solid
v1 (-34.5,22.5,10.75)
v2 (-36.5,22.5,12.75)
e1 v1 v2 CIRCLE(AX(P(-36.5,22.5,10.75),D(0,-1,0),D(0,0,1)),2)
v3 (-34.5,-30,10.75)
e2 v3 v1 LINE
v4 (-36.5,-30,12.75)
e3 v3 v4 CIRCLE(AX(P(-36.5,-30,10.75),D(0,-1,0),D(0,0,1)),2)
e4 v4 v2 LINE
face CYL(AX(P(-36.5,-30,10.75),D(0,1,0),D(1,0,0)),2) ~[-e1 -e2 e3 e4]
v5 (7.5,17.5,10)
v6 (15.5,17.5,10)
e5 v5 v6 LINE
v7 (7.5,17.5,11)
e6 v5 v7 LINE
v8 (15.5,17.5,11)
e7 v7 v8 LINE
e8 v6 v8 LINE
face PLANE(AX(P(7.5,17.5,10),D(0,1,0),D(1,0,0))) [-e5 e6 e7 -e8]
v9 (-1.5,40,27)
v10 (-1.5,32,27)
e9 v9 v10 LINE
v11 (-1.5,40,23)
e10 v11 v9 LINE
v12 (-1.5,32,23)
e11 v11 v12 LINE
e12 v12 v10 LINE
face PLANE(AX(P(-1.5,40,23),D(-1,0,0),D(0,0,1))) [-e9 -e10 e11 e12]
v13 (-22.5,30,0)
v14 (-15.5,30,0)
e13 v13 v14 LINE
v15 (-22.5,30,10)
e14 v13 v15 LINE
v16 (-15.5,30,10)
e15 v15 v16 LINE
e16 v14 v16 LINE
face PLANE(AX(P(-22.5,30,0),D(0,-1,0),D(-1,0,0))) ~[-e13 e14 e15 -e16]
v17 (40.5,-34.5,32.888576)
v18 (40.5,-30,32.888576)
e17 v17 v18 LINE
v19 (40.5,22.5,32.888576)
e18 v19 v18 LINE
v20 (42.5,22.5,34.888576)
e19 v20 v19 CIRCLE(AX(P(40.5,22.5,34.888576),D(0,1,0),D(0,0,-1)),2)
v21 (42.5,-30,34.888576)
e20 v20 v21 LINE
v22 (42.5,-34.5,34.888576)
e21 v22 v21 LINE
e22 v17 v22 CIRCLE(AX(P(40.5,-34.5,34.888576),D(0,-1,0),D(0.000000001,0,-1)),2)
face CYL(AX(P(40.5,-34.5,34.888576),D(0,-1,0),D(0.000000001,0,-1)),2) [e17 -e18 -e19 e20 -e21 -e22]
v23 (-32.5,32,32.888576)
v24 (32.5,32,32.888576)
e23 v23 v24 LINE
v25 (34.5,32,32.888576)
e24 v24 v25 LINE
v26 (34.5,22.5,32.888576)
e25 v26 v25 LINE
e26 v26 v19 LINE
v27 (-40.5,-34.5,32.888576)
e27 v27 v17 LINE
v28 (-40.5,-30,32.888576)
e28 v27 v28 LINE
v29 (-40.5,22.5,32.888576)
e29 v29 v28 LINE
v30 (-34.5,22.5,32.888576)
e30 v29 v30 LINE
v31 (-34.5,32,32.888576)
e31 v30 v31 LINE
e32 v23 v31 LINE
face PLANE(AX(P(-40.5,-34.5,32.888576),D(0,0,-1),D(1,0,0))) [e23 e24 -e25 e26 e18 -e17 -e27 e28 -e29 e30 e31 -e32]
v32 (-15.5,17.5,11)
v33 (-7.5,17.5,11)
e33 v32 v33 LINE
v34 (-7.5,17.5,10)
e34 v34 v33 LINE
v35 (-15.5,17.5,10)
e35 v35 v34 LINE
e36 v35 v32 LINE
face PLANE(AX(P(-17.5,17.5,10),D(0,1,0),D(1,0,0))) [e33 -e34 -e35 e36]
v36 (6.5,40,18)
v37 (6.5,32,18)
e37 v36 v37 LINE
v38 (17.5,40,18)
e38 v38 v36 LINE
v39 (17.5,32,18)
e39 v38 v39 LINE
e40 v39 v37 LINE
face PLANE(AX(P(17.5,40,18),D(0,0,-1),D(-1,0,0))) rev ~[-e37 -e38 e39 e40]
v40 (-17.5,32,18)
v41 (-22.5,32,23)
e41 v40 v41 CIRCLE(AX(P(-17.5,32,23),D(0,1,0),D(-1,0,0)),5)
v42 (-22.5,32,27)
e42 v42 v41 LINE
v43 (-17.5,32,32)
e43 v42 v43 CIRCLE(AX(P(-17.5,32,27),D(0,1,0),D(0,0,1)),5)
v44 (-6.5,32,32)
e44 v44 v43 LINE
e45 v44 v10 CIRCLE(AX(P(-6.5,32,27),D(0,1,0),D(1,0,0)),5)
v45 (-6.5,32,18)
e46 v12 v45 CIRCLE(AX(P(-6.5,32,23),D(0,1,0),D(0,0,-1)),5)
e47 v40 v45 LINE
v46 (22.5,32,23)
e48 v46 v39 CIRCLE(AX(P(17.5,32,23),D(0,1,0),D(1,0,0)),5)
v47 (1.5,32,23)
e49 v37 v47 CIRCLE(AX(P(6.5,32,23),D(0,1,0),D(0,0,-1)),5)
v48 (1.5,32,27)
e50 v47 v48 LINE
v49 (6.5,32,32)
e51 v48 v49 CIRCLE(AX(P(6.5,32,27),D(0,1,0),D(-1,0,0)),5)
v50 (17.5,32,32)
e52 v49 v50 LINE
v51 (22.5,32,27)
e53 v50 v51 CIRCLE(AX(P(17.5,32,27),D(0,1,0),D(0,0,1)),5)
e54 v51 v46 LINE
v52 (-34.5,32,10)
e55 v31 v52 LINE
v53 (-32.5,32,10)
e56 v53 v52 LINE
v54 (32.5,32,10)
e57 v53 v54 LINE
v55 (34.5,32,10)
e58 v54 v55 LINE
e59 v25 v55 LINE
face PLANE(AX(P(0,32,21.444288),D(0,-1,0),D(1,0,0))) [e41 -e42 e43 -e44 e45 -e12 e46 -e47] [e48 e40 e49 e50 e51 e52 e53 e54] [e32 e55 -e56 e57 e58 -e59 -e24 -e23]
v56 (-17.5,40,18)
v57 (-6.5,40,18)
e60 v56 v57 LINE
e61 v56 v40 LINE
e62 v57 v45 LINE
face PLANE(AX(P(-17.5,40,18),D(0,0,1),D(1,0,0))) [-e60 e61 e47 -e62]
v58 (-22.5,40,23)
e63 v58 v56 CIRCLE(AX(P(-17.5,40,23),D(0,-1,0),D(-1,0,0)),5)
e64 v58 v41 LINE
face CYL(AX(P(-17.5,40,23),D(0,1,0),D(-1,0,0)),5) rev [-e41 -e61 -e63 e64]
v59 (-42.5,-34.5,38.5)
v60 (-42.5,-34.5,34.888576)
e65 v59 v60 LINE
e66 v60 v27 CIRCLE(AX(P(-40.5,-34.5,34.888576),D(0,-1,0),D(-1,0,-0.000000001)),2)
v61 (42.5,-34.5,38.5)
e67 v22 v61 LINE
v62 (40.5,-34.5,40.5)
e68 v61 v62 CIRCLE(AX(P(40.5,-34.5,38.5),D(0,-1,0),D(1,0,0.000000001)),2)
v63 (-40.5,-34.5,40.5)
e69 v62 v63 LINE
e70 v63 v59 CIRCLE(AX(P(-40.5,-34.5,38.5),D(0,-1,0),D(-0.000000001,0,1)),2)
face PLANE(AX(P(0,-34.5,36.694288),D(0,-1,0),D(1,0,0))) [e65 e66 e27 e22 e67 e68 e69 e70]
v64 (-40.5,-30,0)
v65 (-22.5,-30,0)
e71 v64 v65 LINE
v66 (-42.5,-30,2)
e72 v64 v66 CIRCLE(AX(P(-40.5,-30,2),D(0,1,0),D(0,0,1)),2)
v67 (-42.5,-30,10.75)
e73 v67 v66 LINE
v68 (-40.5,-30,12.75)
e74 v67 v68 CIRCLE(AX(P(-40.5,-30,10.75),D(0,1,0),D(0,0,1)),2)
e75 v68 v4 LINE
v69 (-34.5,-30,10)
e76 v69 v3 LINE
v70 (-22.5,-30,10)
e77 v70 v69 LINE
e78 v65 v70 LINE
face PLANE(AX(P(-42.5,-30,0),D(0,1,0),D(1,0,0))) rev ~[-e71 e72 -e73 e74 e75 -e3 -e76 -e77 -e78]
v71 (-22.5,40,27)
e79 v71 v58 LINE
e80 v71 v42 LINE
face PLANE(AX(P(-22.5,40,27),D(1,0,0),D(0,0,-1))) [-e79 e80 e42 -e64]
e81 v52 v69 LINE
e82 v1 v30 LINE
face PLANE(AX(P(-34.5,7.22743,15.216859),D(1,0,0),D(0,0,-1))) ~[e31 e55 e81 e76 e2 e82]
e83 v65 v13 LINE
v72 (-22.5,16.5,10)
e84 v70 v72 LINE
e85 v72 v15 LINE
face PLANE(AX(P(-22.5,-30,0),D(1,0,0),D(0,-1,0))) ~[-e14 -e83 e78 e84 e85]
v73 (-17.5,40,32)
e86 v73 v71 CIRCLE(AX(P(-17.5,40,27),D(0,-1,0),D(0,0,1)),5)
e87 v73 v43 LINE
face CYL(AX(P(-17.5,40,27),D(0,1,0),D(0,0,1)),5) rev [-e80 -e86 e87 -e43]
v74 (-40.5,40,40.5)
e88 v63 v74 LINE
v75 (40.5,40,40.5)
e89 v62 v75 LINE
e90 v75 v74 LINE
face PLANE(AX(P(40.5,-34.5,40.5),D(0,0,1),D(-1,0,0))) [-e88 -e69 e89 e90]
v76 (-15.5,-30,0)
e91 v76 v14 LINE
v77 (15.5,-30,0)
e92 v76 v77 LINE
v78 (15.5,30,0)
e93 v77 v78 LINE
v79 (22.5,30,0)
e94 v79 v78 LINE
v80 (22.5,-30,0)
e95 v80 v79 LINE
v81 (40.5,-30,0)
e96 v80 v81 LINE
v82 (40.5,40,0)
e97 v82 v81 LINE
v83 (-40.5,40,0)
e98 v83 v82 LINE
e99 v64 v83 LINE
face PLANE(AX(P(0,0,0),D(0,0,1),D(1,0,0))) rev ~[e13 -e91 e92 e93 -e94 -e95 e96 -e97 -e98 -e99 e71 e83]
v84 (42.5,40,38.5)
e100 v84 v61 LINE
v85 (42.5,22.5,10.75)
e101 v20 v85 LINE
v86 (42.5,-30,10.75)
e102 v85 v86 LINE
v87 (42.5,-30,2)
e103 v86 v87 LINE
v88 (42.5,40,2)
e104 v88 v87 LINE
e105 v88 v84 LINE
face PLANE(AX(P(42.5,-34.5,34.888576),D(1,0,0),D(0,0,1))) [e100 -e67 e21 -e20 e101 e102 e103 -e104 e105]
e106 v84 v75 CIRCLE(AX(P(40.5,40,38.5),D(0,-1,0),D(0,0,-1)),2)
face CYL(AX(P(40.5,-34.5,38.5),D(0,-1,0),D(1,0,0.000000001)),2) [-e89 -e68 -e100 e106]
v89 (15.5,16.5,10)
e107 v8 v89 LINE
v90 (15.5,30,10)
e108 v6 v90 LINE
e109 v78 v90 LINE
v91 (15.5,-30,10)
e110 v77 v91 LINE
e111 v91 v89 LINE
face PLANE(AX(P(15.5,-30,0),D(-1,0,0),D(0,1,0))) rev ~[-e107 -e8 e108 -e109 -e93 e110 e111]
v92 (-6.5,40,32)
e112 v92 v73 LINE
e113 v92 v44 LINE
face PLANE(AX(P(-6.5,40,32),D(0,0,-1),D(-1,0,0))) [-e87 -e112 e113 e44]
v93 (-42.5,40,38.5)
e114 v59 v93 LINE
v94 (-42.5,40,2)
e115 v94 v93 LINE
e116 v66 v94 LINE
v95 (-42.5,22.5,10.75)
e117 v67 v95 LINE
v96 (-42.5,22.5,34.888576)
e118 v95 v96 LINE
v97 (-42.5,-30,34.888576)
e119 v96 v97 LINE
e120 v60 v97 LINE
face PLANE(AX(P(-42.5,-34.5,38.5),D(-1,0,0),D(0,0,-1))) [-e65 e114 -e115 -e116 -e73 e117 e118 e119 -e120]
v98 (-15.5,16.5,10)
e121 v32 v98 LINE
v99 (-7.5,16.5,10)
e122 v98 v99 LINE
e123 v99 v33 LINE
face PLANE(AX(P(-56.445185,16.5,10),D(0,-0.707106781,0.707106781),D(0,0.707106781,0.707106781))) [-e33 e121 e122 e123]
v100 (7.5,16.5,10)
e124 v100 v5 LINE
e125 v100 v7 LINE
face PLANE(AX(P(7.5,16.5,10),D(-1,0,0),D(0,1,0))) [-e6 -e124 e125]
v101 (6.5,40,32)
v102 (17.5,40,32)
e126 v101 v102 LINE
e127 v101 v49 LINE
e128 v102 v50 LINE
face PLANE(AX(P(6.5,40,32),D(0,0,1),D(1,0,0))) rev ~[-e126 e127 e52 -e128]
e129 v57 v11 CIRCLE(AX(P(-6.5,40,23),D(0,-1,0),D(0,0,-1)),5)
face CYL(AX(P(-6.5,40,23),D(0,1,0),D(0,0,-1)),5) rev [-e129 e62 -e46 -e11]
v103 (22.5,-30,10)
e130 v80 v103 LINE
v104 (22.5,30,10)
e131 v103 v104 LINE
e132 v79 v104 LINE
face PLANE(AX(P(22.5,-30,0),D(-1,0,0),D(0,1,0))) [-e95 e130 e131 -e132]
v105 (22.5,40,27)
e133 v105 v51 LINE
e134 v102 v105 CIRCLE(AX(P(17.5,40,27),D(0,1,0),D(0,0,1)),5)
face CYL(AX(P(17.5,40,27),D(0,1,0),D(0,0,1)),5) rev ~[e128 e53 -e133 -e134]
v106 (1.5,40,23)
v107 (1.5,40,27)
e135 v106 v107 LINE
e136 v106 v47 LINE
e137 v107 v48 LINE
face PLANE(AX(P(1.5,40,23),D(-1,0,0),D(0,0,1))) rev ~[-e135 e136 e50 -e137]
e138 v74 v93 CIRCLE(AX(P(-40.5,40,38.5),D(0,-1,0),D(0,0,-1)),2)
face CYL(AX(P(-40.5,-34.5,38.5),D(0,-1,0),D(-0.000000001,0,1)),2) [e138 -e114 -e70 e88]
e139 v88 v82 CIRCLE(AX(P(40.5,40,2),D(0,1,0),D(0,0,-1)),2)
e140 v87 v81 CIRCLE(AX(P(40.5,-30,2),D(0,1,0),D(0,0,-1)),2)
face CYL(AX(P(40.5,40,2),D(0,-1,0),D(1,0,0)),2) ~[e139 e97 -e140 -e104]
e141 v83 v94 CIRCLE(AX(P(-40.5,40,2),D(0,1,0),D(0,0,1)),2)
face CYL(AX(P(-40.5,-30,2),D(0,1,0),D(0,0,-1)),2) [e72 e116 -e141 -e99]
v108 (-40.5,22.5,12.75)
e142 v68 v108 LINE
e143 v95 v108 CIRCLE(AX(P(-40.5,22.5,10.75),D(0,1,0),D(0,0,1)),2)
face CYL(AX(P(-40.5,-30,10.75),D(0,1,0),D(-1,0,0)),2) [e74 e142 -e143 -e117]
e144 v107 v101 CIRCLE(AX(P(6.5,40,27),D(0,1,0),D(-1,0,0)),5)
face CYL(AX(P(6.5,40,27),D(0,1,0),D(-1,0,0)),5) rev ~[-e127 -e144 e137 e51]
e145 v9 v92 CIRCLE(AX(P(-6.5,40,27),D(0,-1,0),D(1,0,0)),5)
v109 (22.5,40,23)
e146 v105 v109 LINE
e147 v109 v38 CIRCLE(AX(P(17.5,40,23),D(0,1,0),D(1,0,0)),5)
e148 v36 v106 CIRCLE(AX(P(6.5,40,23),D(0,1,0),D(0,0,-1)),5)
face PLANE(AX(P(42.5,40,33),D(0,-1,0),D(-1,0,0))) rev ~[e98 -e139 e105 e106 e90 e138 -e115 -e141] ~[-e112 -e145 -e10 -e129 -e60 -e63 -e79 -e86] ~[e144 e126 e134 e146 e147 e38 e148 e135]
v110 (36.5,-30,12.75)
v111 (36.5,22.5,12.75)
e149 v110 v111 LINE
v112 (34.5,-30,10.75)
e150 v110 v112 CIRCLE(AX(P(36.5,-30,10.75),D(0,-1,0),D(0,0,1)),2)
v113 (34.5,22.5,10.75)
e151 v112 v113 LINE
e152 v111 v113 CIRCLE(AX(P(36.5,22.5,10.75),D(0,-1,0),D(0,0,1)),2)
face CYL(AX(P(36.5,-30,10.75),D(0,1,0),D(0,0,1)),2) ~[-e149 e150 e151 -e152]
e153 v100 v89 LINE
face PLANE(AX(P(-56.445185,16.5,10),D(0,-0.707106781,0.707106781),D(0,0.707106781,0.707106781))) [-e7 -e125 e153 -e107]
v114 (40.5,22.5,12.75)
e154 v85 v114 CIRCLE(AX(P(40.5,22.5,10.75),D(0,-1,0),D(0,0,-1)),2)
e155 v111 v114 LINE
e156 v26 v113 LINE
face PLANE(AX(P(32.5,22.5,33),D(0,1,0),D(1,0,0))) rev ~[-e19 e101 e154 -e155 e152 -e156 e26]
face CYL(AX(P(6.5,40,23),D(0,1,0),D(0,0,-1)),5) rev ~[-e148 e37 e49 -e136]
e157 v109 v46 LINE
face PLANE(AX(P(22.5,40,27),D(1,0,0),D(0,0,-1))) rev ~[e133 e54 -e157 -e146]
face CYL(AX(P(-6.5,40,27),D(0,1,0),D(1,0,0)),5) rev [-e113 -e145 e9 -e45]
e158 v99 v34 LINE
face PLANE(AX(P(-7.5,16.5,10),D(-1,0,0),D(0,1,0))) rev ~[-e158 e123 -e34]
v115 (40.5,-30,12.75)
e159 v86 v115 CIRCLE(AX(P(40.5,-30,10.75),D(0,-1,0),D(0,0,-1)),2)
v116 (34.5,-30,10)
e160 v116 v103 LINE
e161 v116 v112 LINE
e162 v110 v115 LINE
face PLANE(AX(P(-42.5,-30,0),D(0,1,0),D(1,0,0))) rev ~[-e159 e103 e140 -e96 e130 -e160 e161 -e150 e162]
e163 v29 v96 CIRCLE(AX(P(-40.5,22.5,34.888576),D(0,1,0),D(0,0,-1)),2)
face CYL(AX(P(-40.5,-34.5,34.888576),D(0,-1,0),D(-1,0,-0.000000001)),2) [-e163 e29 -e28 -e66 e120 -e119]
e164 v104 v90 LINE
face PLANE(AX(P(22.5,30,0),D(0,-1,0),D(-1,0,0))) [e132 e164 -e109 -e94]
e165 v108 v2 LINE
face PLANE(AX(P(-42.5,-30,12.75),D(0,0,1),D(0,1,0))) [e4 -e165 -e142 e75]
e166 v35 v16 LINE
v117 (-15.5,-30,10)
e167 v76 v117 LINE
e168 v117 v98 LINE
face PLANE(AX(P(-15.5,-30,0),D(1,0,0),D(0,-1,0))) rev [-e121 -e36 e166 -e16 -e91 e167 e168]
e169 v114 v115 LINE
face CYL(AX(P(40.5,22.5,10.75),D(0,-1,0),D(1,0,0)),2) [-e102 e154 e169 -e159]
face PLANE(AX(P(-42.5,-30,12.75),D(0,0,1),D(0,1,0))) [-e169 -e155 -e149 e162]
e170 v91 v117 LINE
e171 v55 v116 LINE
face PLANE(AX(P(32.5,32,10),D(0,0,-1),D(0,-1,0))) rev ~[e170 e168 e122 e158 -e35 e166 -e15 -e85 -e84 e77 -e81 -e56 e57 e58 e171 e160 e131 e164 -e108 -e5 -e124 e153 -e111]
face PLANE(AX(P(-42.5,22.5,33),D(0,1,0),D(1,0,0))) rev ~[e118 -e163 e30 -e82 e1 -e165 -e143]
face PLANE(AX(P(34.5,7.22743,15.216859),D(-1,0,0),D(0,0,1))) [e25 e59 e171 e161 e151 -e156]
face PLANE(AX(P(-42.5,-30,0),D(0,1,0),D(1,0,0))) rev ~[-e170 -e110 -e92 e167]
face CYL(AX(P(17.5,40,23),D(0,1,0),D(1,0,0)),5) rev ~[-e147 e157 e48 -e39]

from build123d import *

# Parameters (mm, degrees)
SKETCH1_W               = 65
SKETCH1_H               = 60
BOSS_EXTRUDE1_DEPTH     = 10
SKETCH6_W               = 10
SKETCH6_H               = 1
BOSS_EXTRUDE6_DEPTH     = 1
CUT_EXTRUDE2_DEPTH      = 1
CUT_EXTRUDE2_DEPTH_BACK = 73.945184899
BOSS_EXTRUDE2_DEPTH     = 33
SKETCH2_W               = 20.25
SKETCH2_H               = 52.5
CUT_EXTRUDE1_DEPTH      = 100.569071503
BOSS_EXTRUDE3_DEPTH     = 7.5
SKETCH5_W               = 85
SKETCH5_H               = 7.611423687
BOSS_EXTRUDE5_DEPTH     = 70
SKETCH8_W               = 65
SKETCH8_H               = 22.888576313
CUT_EXTRUDE3_DEPTH      = 2
CUT_EXTRUDE4_DEPTH      = 2
SKETCH11_W              = 7
SKETCH11_H              = 60
CUT_EXTRUDE5_DEPTH      = 12.75
CUT_EXTRUDE6_REACH      = 93.359
SKETCH10_W              = 15
SKETCH10_H              = 8
FILLET1_R               = 2
BOSS_EXTRUDE7_START     = 4.5
BOSS_EXTRUDE7_DEPTH     = 4.5
CUT_EXTRUDE8_REACH      = 96.851


with BuildPart() as part:
    # Sketch1 → Boss-Extrude1 (new body)
    with BuildSketch(Plane.XY):
        Rectangle(SKETCH1_W, SKETCH1_H)
        Polygon((32.5, -30), (32.5, 30), (-32.5, 30), (-32.5, -30), (-42.5, -30), (-42.5, 40), (42.5, 40), (42.5, -30), align=None)
    extrude(amount=BOSS_EXTRUDE1_DEPTH)

    # Sketch6 → Boss-Extrude6 (add)
    with BuildSketch(Plane.XY.offset(10)):
        with Locations((12.5, 17)):
            Rectangle(SKETCH6_W, SKETCH6_H)
        with Locations((-12.5, 17)):
            Rectangle(SKETCH6_W, SKETCH6_H)
    extrude(amount=BOSS_EXTRUDE6_DEPTH)

    # Sketch7 → Cut-Extrude2 (cut, two sides: drawn at the far end of the back side and taken through both)
    with BuildSketch(Plane(origin=(17.5, 0, 0), x_dir=(0, 0, -1), z_dir=(1, 0, 0)).offset(-CUT_EXTRUDE2_DEPTH_BACK)):
        Polygon((-10, 16.5), (-11, 17.5), (-11, 16.5), align=None)
    extrude(amount=CUT_EXTRUDE2_DEPTH + CUT_EXTRUDE2_DEPTH_BACK, mode=Mode.SUBTRACT)

    # Sketch1<3> → Boss-Extrude2 (add)
    with BuildSketch(Plane.XY):
        Polygon((32.5, -30), (32.5, 30), (-32.5, 30), (-32.5, -30), (-42.5, -30), (-42.5, 40), (42.5, 40), (42.5, -30), align=None)
    extrude(amount=BOSS_EXTRUDE2_DEPTH)

    # Sketch2 → Cut-Extrude1 (cut, through all)
    with BuildSketch(Plane.ZY.offset(42.5)):
        with Locations((22.875, -3.75)):
            Rectangle(SKETCH2_W, SKETCH2_H)
    extrude(amount=-CUT_EXTRUDE1_DEPTH, mode=Mode.SUBTRACT)

    # Sketch3 → Boss-Extrude3 (add)
    with BuildSketch(Plane.XY.offset(33)):
        Polygon((32.5, 22.5), (42.5, 22.5), (42.5, 40), (-42.5, 40), (-42.5, 22.5), (-32.5, 22.5), (-32.5, 30), (32.5, 30), align=None)
    extrude(amount=BOSS_EXTRUDE3_DEPTH)

    # Sketch5 → Boss-Extrude5 (add)
    with BuildSketch(Plane(origin=(0, 40, 0), x_dir=(1, 0, 0), z_dir=(0, 1, 0))):
        with Locations((0, -36.694288157)):
            Rectangle(SKETCH5_W, SKETCH5_H)
    extrude(amount=-BOSS_EXTRUDE5_DEPTH)

    # Sketch8 → Cut-Extrude3 (cut)
    with BuildSketch(Plane.XZ.offset(-30)):
        with Locations((0, 21.444288157)):
            Rectangle(SKETCH8_W, SKETCH8_H)
    extrude(amount=-CUT_EXTRUDE3_DEPTH, mode=Mode.SUBTRACT)

    # Sketch9 → Cut-Extrude4 (cut)
    with BuildSketch(Plane.ZY.offset(-32.5)):
        Polygon((32.888576313, 22.5), (32.888576313, 32), (10, 32), (10, -30), (12.75, -30), (12.75, 22.5), align=None)
    cut_extrude4 = extrude(amount=-CUT_EXTRUDE4_DEPTH, mode=Mode.SUBTRACT)

    # Mirror1: Cut-Extrude4 across plane
    add(cut_extrude4.mirror(Plane(origin=(0, 0, 0), x_dir=(0, 0, 1), z_dir=(1, 0, 0))), mode=Mode.SUBTRACT)

    # Sketch11 → Cut-Extrude5 (cut)
    with BuildSketch(Plane(origin=(0, 0, 0), x_dir=(-1, 0, 0), z_dir=(0, 0, -1))):
        with Locations((-19, 0)):
            Rectangle(SKETCH11_W, SKETCH11_H)
    cut_extrude5 = extrude(amount=-CUT_EXTRUDE5_DEPTH, mode=Mode.SUBTRACT)

    # Mirror2: Cut-Extrude5 across plane
    add(cut_extrude5.mirror(Plane(origin=(0, 0, 0), x_dir=(0, 0, 1), z_dir=(1, 0, 0))), mode=Mode.SUBTRACT)

    # Sketch10 → Cut-Extrude6 (cut, up to next)
    with BuildSketch(Plane(origin=(0, 40, 0), x_dir=(1, 0, 0), z_dir=(0, 1, 0)), mode=Mode.PRIVATE) as cut_extrude6_sk1:
        with Locations((12, -25)):
            Rectangle(SKETCH10_W, SKETCH10_H)
    cut_extrude6_tool1 = extrude(cut_extrude6_sk1.sketch, amount=-CUT_EXTRUDE6_REACH, mode=Mode.PRIVATE) & part.part
    cut_extrude6 = cut_extrude6_tool1.solids().sort_by_distance((12, 40, 25))[0]
    add(cut_extrude6, mode=Mode.SUBTRACT)

    # Mirror4: Cut-Extrude6 across plane
    add(cut_extrude6.mirror(Plane(origin=(0, 0, 0), x_dir=(0, 0, 1), z_dir=(1, 0, 0))), mode=Mode.SUBTRACT)

    # Fillet1
    fillet1_edges = [part.edges().sort_by_distance(p)[0] for p in [
        (42.5, -3.75, 12.75),
        (-42.5, -3.75, 12.75),
        (42.5, 5, 40.5),
        (-42.5, 5, 40.5),
        (-42.5, -3.75, 32.888576313),
        (42.5, -3.75, 32.888576313),
        (34.5, -3.75, 12.75),
        (-34.5, -3.75, 12.75),
        (4.5, 36, 29),
        (4.5, 36, 21),
        (19.5, 36, 21),
        (19.5, 36, 29),
        (-4.5, 36, 21),
        (-4.5, 36, 29),
        (-19.5, 36, 29),
        (-19.5, 36, 21),
        (-42.5, 5, 0),
        (42.5, 5, 0),
    ]]
    fillet(fillet1_edges, radius=FILLET1_R)

    # Sketch12 → Boss-Extrude7 (add)
    with BuildSketch(Plane.XZ.offset(30).offset(BOSS_EXTRUDE7_START)):
        with BuildLine():
            Line((-42.5, 38.5), (-42.5, 34.888576313))
            ThreePointArc((-42.5, 34.888576313), (-41.914213562, 33.474362751), (-40.5, 32.888576313))
            Line((-40.5, 32.888576313), (40.5, 32.888576313))
            ThreePointArc((40.5, 32.888576313), (41.914213562, 33.474362751), (42.5, 34.888576313))
            Line((42.5, 34.888576313), (42.5, 38.5))
            ThreePointArc((42.5, 38.5), (41.914213562, 39.914213562), (40.5, 40.5))
            Line((40.5, 40.5), (-40.5, 40.5))
            ThreePointArc((-40.5, 40.5), (-41.914213562, 39.914213562), (-42.5, 38.5))
        make_face()
    extrude(amount=-BOSS_EXTRUDE7_DEPTH)

    # Sketch14 → Cut-Extrude8 (cut, up to next)
    with BuildSketch(Plane(origin=(0, 40, 0), x_dir=(1, 0, 0), z_dir=(0, 1, 0)), mode=Mode.PRIVATE) as cut_extrude8_sk1:
        with BuildLine():
            Line((17.5, -18), (6.5, -18))
            ThreePointArc((6.5, -18), (2.964466094, -19.464466094), (1.5, -23))
            Line((1.5, -23), (1.5, -27))
            ThreePointArc((1.5, -27), (2.964466094, -30.535533906), (6.5, -32))
            Line((6.5, -32), (17.5, -32))
            ThreePointArc((17.5, -32), (21.035533906, -30.535533906), (22.5, -27))
            Line((22.5, -27), (22.5, -23))
            ThreePointArc((22.5, -23), (21.035533906, -19.464466094), (17.5, -18))
        make_face()
        with BuildLine():
            Line((19.5, -27), (19.5, -23))
            ThreePointArc((19.5, -23), (18.914213562, -21.585786438), (17.5, -21))
            Line((17.5, -21), (6.5, -21))
            ThreePointArc((6.5, -21), (5.085786438, -21.585786438), (4.5, -23))
            Line((4.5, -23), (4.5, -27))
            ThreePointArc((4.5, -27), (5.085786438, -28.414213562), (6.5, -29))
            Line((6.5, -29), (17.5, -29))
            ThreePointArc((17.5, -29), (18.914213562, -28.414213562), (19.5, -27))
        make_face(mode=Mode.SUBTRACT)
    cut_extrude8_tool1 = extrude(cut_extrude8_sk1.sketch, amount=-CUT_EXTRUDE8_REACH, mode=Mode.PRIVATE) & part.part
    # Sketch14 → Cut-Extrude8 (cut, up to next)
    with BuildSketch(Plane(origin=(0, 40, 0), x_dir=(1, 0, 0), z_dir=(0, 1, 0)), mode=Mode.PRIVATE) as cut_extrude8_sk2:
        with BuildLine():
            Line((-1.5, -23), (-1.5, -27))
            ThreePointArc((-1.5, -27), (-2.964466094, -30.535533906), (-6.5, -32))
            Line((-6.5, -32), (-17.5, -32))
            ThreePointArc((-17.5, -32), (-21.035533906, -30.535533906), (-22.5, -27))
            Line((-22.5, -27), (-22.5, -23))
            ThreePointArc((-22.5, -23), (-21.035533906, -19.464466094), (-17.5, -18))
            Line((-17.5, -18), (-6.5, -18))
            ThreePointArc((-6.5, -18), (-2.964466094, -19.464466094), (-1.5, -23))
        make_face()
        with BuildLine():
            Line((-6.5, -29), (-17.5, -29))
            ThreePointArc((-17.5, -29), (-18.914213562, -28.414213562), (-19.5, -27))
            Line((-19.5, -27), (-19.5, -23))
            ThreePointArc((-19.5, -23), (-18.914213562, -21.585786438), (-17.5, -21))
            Line((-17.5, -21), (-6.5, -21))
            ThreePointArc((-6.5, -21), (-5.085786438, -21.585786438), (-4.5, -23))
            Line((-4.5, -23), (-4.5, -27))
            ThreePointArc((-4.5, -27), (-5.085786438, -28.414213562), (-6.5, -29))
        make_face(mode=Mode.SUBTRACT)
    cut_extrude8_tool2 = extrude(cut_extrude8_sk2.sketch, amount=-CUT_EXTRUDE8_REACH, mode=Mode.PRIVATE) & part.part
    add(cut_extrude8_tool1.solids().sort_by_distance((12, 40, 18.252389))[0], mode=Mode.SUBTRACT)
    add(cut_extrude8_tool2.solids().sort_by_distance((-1.752389, 40, 25))[0], mode=Mode.SUBTRACT)


solid = part.part
